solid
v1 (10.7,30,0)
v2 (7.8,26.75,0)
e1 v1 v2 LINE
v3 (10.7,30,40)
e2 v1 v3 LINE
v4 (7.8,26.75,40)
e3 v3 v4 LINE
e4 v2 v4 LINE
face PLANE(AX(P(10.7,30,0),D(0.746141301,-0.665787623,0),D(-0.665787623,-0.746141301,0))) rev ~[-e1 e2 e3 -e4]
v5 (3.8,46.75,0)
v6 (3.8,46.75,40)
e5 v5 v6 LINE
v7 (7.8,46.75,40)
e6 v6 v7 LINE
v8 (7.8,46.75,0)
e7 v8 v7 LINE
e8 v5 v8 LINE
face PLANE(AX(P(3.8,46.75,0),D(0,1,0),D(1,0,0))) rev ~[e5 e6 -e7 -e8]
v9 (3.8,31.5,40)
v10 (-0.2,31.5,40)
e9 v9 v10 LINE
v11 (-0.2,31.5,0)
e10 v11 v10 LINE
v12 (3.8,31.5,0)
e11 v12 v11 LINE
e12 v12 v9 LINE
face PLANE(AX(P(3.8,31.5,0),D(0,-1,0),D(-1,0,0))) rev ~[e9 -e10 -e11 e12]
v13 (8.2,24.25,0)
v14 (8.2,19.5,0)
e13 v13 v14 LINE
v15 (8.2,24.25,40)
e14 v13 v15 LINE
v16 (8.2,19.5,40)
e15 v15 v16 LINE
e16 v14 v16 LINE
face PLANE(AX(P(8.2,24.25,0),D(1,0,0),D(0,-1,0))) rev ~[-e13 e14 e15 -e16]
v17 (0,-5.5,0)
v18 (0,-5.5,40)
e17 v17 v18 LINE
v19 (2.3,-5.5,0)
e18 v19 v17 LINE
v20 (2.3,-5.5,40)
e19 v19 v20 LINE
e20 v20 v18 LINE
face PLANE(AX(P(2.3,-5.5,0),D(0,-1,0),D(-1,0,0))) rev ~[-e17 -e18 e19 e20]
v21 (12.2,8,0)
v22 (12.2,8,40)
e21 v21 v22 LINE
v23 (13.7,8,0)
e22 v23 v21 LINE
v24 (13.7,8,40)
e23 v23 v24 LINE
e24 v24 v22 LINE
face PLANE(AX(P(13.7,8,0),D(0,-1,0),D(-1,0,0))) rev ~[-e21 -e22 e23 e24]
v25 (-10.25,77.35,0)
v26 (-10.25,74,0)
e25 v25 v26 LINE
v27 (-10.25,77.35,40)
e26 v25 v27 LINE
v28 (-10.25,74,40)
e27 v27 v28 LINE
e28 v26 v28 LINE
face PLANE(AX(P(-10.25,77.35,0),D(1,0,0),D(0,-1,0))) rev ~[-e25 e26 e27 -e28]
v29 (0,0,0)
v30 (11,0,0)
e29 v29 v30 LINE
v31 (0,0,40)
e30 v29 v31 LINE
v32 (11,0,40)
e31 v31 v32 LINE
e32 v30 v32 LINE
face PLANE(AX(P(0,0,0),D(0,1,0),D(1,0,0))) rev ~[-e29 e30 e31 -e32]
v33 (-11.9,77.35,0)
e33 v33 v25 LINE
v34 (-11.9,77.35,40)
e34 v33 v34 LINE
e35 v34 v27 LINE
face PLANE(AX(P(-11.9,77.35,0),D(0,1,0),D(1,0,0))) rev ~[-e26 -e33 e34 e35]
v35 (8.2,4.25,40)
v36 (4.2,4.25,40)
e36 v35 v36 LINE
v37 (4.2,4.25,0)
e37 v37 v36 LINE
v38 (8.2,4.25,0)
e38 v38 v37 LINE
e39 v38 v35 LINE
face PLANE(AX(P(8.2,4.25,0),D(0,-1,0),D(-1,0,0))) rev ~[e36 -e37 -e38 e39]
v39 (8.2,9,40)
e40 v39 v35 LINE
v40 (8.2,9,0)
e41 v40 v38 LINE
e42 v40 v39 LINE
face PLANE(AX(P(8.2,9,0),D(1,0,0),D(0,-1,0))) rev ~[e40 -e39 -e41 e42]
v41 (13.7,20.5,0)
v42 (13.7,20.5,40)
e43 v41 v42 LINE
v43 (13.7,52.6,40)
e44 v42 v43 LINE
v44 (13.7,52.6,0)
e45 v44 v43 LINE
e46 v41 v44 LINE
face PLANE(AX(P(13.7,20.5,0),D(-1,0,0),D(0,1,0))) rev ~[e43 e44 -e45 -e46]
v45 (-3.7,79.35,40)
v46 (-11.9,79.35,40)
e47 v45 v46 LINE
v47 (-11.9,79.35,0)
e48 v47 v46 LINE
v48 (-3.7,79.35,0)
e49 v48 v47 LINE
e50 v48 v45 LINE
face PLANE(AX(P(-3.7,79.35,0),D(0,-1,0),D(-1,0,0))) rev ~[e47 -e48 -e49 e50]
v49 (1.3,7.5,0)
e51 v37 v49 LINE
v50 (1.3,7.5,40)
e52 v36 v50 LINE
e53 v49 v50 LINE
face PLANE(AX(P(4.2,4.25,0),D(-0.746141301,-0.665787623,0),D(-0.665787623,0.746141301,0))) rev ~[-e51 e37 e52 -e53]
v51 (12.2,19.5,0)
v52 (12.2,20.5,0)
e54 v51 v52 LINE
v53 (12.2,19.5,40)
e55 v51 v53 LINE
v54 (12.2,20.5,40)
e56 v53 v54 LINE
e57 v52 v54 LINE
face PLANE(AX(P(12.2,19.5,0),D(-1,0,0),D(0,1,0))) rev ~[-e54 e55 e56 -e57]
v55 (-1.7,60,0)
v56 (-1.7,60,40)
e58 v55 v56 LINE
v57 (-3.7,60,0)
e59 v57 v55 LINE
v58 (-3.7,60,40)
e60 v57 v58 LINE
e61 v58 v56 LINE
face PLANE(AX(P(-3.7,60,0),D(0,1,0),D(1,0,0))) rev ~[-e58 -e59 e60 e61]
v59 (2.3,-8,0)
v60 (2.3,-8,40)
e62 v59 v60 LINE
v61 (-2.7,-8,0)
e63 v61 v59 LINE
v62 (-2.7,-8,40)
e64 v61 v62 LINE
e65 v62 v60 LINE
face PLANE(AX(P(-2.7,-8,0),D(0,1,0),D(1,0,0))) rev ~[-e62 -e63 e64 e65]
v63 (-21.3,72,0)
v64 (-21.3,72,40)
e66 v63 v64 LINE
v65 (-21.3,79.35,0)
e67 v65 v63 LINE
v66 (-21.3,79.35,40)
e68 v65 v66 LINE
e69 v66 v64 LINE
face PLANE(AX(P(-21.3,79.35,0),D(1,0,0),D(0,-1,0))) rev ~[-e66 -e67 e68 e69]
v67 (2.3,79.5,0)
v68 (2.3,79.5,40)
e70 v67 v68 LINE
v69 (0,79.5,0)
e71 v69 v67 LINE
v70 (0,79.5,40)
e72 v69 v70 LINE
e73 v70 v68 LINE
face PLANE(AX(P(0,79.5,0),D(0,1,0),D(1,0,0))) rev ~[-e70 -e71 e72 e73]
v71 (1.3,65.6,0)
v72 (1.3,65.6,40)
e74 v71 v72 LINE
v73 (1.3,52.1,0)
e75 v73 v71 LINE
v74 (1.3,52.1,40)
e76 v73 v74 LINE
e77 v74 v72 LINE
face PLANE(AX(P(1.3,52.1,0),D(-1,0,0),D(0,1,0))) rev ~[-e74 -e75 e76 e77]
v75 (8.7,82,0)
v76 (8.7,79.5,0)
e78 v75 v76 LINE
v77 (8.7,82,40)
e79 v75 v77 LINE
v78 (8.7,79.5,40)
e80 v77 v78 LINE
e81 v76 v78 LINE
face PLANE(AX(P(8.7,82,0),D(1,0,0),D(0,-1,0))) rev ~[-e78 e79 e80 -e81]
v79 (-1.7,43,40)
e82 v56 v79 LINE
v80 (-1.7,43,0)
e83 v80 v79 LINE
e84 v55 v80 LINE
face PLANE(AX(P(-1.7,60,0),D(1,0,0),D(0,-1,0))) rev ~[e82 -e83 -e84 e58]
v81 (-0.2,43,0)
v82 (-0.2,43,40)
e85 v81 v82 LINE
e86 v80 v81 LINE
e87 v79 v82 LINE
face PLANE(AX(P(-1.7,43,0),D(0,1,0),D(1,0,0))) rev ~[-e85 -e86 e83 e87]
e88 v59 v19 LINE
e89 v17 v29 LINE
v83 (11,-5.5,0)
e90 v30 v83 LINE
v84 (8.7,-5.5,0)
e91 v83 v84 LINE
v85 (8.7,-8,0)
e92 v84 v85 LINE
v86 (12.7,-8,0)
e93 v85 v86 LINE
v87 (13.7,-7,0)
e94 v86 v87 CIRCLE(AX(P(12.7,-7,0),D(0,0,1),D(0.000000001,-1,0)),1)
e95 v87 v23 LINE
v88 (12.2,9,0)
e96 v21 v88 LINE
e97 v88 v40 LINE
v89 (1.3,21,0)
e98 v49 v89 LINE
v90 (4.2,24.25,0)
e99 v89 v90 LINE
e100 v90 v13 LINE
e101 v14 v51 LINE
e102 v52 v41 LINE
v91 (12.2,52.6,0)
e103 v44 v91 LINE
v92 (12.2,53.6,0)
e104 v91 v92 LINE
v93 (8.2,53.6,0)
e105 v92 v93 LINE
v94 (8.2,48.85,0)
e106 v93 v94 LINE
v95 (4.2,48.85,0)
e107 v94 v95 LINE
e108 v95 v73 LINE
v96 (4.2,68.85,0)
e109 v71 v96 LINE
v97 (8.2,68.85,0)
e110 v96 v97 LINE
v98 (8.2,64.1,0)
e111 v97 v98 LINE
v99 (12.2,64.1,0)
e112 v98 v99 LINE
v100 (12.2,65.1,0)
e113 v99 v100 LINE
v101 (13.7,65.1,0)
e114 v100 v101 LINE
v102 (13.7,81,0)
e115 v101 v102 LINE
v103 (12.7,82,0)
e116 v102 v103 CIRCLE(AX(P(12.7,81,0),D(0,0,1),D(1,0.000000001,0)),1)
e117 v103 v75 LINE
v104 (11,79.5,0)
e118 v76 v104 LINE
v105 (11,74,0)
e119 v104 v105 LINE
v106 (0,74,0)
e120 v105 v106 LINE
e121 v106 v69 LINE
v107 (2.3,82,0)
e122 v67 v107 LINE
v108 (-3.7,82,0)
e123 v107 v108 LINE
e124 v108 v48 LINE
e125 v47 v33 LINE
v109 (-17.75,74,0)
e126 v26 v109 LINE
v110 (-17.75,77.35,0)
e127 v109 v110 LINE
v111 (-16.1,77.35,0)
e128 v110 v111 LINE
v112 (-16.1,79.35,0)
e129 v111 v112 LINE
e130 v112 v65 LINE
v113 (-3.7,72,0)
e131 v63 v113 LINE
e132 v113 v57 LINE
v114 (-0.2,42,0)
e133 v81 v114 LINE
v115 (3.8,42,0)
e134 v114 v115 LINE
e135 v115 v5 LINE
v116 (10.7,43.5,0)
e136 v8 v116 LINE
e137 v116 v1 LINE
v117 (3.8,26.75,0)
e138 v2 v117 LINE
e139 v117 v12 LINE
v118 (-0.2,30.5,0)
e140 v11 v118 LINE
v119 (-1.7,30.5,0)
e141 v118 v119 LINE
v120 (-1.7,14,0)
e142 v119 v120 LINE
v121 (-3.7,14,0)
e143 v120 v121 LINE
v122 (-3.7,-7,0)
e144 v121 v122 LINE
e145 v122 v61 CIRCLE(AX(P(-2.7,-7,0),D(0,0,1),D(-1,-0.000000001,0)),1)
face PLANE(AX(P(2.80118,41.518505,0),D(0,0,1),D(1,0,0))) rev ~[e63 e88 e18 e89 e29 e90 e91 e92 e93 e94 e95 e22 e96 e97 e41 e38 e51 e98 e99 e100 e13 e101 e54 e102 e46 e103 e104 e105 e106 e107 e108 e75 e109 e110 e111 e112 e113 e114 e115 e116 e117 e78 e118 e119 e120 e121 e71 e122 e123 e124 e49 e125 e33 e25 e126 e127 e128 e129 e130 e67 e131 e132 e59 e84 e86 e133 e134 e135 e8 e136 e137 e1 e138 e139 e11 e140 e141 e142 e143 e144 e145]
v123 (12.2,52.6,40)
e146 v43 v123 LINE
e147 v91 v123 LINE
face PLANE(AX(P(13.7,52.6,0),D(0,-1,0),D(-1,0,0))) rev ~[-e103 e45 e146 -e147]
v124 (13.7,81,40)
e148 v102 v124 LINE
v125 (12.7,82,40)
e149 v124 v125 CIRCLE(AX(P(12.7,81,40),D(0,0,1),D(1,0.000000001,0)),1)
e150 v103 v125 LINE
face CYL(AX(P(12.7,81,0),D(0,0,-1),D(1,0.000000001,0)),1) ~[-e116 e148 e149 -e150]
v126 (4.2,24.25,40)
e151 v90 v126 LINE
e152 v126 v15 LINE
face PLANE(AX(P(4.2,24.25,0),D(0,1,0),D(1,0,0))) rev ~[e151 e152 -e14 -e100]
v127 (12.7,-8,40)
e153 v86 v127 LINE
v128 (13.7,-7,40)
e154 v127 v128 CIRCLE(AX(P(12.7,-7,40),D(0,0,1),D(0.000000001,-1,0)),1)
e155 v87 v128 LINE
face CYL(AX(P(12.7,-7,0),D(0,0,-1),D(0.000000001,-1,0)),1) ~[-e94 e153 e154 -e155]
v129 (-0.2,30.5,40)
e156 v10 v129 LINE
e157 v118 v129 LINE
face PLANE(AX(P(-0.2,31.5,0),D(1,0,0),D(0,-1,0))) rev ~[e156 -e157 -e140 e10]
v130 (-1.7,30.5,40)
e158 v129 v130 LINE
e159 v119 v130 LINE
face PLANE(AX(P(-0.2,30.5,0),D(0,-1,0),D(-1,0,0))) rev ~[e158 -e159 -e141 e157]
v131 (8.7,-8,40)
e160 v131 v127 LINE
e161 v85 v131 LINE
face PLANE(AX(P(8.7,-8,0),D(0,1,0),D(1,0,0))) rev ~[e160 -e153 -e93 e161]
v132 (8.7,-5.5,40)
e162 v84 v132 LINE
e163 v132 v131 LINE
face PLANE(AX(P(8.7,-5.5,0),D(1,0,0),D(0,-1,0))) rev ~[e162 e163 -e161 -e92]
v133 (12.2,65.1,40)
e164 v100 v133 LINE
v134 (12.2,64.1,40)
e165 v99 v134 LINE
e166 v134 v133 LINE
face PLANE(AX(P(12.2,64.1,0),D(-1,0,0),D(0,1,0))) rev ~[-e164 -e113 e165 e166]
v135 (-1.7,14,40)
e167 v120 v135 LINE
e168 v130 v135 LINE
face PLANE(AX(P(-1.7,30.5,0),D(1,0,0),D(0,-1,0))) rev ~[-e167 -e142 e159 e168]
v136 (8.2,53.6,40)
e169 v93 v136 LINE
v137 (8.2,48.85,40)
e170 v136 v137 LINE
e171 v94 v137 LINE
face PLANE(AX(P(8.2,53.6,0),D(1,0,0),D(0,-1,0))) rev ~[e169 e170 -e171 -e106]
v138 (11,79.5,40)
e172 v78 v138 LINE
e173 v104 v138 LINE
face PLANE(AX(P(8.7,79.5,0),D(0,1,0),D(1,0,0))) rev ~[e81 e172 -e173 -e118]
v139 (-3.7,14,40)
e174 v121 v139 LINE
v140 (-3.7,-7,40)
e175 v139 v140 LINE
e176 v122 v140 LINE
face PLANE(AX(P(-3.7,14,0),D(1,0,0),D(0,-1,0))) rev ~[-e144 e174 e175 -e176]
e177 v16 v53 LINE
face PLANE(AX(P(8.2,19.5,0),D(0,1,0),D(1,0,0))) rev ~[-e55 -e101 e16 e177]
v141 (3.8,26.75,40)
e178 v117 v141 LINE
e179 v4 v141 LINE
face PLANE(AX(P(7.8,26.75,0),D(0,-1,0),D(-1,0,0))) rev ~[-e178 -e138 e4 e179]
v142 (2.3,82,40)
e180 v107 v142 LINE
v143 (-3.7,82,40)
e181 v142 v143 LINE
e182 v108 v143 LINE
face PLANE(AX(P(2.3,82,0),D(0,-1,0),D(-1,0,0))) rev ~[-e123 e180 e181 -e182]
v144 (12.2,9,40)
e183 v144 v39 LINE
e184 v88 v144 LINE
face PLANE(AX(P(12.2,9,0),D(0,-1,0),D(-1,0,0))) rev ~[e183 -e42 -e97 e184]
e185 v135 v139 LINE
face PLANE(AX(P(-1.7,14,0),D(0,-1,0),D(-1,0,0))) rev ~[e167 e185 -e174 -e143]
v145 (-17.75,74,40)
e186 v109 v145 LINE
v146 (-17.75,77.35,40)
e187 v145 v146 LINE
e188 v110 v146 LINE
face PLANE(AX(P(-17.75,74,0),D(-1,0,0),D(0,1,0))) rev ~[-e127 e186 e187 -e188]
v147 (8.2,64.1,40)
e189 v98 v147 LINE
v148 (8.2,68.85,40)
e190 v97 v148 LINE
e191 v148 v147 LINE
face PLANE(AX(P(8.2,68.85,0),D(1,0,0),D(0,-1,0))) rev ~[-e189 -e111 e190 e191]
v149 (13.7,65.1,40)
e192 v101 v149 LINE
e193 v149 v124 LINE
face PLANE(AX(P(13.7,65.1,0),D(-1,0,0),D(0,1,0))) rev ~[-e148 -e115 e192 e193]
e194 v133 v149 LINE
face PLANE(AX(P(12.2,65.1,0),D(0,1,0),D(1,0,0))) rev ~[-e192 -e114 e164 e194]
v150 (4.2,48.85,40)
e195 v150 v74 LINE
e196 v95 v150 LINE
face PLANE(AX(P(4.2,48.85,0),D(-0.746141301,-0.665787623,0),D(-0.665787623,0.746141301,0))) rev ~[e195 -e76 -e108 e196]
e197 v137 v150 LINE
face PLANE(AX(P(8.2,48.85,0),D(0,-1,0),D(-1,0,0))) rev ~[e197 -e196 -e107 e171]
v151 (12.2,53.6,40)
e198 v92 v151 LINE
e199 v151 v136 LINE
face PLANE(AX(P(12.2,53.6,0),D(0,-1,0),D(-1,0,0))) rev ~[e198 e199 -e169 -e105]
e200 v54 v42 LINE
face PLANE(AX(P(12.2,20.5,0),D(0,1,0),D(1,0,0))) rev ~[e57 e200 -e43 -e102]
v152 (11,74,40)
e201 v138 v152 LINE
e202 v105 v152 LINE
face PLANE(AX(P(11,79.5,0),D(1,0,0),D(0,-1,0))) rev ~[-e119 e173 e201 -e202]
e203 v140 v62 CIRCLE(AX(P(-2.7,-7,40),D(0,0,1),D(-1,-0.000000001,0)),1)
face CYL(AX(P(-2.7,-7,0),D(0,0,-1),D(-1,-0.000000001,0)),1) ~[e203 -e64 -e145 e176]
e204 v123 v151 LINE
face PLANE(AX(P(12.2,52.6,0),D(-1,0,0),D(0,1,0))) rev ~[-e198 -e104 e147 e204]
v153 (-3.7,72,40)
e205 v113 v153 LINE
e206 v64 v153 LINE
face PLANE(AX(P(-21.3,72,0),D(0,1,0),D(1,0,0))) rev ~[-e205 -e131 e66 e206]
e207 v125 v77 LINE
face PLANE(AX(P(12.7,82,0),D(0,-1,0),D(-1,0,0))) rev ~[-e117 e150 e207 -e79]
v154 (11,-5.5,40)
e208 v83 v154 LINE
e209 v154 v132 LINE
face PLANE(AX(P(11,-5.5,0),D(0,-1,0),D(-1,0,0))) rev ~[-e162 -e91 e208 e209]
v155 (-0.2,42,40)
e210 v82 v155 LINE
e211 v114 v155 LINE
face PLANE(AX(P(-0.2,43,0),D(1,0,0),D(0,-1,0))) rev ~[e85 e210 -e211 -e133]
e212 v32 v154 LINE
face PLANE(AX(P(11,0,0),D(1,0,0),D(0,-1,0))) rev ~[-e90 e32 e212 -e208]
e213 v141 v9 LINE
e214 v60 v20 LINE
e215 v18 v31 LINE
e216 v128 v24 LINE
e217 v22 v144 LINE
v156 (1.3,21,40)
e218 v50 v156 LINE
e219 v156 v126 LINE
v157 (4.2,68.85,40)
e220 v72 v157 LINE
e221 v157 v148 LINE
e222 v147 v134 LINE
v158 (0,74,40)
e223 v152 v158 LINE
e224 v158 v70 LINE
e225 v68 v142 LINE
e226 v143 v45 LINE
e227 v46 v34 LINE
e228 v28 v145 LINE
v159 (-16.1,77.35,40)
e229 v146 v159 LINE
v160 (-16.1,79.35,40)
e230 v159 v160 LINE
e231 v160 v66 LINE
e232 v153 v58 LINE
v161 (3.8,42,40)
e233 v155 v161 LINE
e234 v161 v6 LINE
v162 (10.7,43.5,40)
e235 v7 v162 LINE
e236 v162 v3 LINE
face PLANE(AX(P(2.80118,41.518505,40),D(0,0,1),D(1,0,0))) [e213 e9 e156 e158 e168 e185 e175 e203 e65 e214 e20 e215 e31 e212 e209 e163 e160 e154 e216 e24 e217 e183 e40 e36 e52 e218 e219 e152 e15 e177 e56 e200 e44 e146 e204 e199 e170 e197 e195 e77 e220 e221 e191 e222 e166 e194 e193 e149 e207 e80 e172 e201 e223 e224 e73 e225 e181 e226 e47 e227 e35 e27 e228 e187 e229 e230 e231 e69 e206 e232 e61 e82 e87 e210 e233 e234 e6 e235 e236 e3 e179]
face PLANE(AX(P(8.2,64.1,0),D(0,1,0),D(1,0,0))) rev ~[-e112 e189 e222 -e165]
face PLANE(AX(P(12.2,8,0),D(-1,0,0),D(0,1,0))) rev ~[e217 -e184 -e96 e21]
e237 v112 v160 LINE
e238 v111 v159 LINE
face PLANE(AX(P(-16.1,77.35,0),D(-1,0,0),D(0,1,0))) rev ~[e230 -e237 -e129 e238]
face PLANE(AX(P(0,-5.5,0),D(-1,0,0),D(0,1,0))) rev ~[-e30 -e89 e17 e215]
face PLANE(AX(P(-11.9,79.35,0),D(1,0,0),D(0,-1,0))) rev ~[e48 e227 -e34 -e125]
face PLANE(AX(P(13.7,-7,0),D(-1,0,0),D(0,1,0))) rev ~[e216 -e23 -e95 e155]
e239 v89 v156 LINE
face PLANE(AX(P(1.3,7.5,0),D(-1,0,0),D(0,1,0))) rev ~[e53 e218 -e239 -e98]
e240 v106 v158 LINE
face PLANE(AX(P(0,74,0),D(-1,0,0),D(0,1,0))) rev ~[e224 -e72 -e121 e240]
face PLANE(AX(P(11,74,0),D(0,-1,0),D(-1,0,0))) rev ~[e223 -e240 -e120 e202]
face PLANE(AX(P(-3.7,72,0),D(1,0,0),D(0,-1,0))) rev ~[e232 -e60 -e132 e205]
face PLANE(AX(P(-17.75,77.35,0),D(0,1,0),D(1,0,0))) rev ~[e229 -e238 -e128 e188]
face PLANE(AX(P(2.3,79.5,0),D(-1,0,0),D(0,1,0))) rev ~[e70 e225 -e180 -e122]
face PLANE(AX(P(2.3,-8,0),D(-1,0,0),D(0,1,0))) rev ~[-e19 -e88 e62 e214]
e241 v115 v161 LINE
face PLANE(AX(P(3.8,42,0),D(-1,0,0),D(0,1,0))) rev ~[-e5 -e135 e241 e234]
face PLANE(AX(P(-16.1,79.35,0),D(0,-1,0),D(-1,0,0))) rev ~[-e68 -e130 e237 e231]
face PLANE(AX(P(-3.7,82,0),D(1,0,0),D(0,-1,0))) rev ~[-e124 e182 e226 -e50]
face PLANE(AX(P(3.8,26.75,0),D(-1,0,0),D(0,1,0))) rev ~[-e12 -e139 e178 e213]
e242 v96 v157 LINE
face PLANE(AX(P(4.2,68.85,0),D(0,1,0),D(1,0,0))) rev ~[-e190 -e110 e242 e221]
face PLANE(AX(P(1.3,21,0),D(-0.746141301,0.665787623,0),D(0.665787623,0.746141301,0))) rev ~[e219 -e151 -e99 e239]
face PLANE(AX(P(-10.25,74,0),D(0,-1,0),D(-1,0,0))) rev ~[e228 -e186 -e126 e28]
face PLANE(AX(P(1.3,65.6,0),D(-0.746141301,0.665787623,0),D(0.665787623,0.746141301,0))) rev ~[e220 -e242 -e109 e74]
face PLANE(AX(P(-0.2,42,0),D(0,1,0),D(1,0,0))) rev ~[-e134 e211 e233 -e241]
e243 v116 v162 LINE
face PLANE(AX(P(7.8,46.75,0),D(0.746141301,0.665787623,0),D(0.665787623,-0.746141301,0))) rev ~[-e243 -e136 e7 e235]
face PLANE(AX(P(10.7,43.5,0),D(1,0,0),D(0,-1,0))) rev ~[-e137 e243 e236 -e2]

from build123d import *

# Parameters (mm, degrees)
EXTRUDE_1_DEPTH = 40


with BuildPart() as part:
    # Model → Бобышка-Вытянуть1 (new body)
    with BuildSketch(Plane.XY):
        with BuildLine():
            Line((-2.7, -8), (2.3, -8))
            Line((2.3, -8), (2.3, -5.5))
            Line((2.3, -5.5), (0, -5.5))
            Line((0, -5.5), (0, 0))
            Line((0, 0), (11, 0))
            Line((11, 0), (11, -5.5))
            Line((11, -5.5), (8.7, -5.5))
            Line((8.7, -5.5), (8.7, -8))
            Line((8.7, -8), (12.7, -8))
            ThreePointArc((12.7, -8), (13.407106781, -7.707106781), (13.7, -7))
            Line((13.7, -7), (13.7, 8))
            Line((13.7, 8), (12.2, 8))
            Line((12.2, 8), (12.2, 9))
            Line((12.2, 9), (8.2, 9))
            Line((8.2, 9), (8.2, 4.25))
            Line((8.2, 4.25), (4.2, 4.25))
            Line((4.2, 4.25), (1.3, 7.5))
            Line((1.3, 7.5), (1.3, 21))
            Line((1.3, 21), (4.2, 24.25))
            Line((4.2, 24.25), (8.2, 24.25))
            Line((8.2, 24.25), (8.2, 19.5))
            Line((8.2, 19.5), (12.2, 19.5))
            Line((12.2, 19.5), (12.2, 20.5))
            Line((12.2, 20.5), (13.7, 20.5))
            Line((13.7, 20.5), (13.7, 52.6))
            Line((13.7, 52.6), (12.2, 52.6))
            Line((12.2, 52.6), (12.2, 53.6))
            Line((12.2, 53.6), (8.2, 53.6))
            Line((8.2, 53.6), (8.2, 48.85))
            Line((8.2, 48.85), (4.2, 48.85))
            Line((4.2, 48.85), (1.3, 52.1))
            Line((1.3, 52.1), (1.3, 65.6))
            Line((1.3, 65.6), (4.2, 68.85))
            Line((4.2, 68.85), (8.2, 68.85))
            Line((8.2, 68.85), (8.2, 64.1))
            Line((8.2, 64.1), (12.2, 64.1))
            Line((12.2, 64.1), (12.2, 65.1))
            Line((12.2, 65.1), (13.7, 65.1))
            Line((13.7, 65.1), (13.7, 81))
            ThreePointArc((13.7, 81), (13.407106781, 81.707106781), (12.7, 82))
            Line((12.7, 82), (8.7, 82))
            Line((8.7, 82), (8.7, 79.5))
            Line((8.7, 79.5), (11, 79.5))
            Line((11, 79.5), (11, 74))
            Line((11, 74), (0, 74))
            Line((0, 74), (0, 79.5))
            Line((0, 79.5), (2.3, 79.5))
            Line((2.3, 79.5), (2.3, 82))
            Line((2.3, 82), (-3.7, 82))
            Line((-3.7, 82), (-3.7, 79.35))
            Line((-3.7, 79.35), (-11.9, 79.35))
            Line((-11.9, 79.35), (-11.9, 77.35))
            Line((-11.9, 77.35), (-10.25, 77.35))
            Line((-10.25, 77.35), (-10.25, 74))
            Line((-10.25, 74), (-17.75, 74))
            Line((-17.75, 74), (-17.75, 77.35))
            Line((-17.75, 77.35), (-16.1, 77.35))
            Line((-16.1, 77.35), (-16.1, 79.35))
            Line((-16.1, 79.35), (-21.3, 79.35))
            Line((-21.3, 79.35), (-21.3, 72))
            Line((-21.3, 72), (-3.7, 72))
            Line((-3.7, 72), (-3.7, 60))
            Line((-3.7, 60), (-1.7, 60))
            Line((-1.7, 60), (-1.7, 43))
            Line((-1.7, 43), (-0.2, 43))
            Line((-0.2, 43), (-0.2, 42))
            Line((-0.2, 42), (3.8, 42))
            Line((3.8, 42), (3.8, 46.75))
            Line((3.8, 46.75), (7.8, 46.75))
            Line((7.8, 46.75), (10.7, 43.5))
            Line((10.7, 43.5), (10.7, 30))
            Line((10.7, 30), (7.8, 26.75))
            Line((7.8, 26.75), (3.8, 26.75))
            Line((3.8, 26.75), (3.8, 31.5))
            Line((3.8, 31.5), (-0.2, 31.5))
            Line((-0.2, 31.5), (-0.2, 30.5))
            Line((-0.2, 30.5), (-1.7, 30.5))
            Line((-1.7, 30.5), (-1.7, 14))
            Line((-1.7, 14), (-3.7, 14))
            Line((-3.7, 14), (-3.7, -7))
            ThreePointArc((-3.7, -7), (-3.407106781, -7.707106781), (-2.7, -8))
        make_face()
    extrude(amount=EXTRUDE_1_DEPTH)


solid = part.part
